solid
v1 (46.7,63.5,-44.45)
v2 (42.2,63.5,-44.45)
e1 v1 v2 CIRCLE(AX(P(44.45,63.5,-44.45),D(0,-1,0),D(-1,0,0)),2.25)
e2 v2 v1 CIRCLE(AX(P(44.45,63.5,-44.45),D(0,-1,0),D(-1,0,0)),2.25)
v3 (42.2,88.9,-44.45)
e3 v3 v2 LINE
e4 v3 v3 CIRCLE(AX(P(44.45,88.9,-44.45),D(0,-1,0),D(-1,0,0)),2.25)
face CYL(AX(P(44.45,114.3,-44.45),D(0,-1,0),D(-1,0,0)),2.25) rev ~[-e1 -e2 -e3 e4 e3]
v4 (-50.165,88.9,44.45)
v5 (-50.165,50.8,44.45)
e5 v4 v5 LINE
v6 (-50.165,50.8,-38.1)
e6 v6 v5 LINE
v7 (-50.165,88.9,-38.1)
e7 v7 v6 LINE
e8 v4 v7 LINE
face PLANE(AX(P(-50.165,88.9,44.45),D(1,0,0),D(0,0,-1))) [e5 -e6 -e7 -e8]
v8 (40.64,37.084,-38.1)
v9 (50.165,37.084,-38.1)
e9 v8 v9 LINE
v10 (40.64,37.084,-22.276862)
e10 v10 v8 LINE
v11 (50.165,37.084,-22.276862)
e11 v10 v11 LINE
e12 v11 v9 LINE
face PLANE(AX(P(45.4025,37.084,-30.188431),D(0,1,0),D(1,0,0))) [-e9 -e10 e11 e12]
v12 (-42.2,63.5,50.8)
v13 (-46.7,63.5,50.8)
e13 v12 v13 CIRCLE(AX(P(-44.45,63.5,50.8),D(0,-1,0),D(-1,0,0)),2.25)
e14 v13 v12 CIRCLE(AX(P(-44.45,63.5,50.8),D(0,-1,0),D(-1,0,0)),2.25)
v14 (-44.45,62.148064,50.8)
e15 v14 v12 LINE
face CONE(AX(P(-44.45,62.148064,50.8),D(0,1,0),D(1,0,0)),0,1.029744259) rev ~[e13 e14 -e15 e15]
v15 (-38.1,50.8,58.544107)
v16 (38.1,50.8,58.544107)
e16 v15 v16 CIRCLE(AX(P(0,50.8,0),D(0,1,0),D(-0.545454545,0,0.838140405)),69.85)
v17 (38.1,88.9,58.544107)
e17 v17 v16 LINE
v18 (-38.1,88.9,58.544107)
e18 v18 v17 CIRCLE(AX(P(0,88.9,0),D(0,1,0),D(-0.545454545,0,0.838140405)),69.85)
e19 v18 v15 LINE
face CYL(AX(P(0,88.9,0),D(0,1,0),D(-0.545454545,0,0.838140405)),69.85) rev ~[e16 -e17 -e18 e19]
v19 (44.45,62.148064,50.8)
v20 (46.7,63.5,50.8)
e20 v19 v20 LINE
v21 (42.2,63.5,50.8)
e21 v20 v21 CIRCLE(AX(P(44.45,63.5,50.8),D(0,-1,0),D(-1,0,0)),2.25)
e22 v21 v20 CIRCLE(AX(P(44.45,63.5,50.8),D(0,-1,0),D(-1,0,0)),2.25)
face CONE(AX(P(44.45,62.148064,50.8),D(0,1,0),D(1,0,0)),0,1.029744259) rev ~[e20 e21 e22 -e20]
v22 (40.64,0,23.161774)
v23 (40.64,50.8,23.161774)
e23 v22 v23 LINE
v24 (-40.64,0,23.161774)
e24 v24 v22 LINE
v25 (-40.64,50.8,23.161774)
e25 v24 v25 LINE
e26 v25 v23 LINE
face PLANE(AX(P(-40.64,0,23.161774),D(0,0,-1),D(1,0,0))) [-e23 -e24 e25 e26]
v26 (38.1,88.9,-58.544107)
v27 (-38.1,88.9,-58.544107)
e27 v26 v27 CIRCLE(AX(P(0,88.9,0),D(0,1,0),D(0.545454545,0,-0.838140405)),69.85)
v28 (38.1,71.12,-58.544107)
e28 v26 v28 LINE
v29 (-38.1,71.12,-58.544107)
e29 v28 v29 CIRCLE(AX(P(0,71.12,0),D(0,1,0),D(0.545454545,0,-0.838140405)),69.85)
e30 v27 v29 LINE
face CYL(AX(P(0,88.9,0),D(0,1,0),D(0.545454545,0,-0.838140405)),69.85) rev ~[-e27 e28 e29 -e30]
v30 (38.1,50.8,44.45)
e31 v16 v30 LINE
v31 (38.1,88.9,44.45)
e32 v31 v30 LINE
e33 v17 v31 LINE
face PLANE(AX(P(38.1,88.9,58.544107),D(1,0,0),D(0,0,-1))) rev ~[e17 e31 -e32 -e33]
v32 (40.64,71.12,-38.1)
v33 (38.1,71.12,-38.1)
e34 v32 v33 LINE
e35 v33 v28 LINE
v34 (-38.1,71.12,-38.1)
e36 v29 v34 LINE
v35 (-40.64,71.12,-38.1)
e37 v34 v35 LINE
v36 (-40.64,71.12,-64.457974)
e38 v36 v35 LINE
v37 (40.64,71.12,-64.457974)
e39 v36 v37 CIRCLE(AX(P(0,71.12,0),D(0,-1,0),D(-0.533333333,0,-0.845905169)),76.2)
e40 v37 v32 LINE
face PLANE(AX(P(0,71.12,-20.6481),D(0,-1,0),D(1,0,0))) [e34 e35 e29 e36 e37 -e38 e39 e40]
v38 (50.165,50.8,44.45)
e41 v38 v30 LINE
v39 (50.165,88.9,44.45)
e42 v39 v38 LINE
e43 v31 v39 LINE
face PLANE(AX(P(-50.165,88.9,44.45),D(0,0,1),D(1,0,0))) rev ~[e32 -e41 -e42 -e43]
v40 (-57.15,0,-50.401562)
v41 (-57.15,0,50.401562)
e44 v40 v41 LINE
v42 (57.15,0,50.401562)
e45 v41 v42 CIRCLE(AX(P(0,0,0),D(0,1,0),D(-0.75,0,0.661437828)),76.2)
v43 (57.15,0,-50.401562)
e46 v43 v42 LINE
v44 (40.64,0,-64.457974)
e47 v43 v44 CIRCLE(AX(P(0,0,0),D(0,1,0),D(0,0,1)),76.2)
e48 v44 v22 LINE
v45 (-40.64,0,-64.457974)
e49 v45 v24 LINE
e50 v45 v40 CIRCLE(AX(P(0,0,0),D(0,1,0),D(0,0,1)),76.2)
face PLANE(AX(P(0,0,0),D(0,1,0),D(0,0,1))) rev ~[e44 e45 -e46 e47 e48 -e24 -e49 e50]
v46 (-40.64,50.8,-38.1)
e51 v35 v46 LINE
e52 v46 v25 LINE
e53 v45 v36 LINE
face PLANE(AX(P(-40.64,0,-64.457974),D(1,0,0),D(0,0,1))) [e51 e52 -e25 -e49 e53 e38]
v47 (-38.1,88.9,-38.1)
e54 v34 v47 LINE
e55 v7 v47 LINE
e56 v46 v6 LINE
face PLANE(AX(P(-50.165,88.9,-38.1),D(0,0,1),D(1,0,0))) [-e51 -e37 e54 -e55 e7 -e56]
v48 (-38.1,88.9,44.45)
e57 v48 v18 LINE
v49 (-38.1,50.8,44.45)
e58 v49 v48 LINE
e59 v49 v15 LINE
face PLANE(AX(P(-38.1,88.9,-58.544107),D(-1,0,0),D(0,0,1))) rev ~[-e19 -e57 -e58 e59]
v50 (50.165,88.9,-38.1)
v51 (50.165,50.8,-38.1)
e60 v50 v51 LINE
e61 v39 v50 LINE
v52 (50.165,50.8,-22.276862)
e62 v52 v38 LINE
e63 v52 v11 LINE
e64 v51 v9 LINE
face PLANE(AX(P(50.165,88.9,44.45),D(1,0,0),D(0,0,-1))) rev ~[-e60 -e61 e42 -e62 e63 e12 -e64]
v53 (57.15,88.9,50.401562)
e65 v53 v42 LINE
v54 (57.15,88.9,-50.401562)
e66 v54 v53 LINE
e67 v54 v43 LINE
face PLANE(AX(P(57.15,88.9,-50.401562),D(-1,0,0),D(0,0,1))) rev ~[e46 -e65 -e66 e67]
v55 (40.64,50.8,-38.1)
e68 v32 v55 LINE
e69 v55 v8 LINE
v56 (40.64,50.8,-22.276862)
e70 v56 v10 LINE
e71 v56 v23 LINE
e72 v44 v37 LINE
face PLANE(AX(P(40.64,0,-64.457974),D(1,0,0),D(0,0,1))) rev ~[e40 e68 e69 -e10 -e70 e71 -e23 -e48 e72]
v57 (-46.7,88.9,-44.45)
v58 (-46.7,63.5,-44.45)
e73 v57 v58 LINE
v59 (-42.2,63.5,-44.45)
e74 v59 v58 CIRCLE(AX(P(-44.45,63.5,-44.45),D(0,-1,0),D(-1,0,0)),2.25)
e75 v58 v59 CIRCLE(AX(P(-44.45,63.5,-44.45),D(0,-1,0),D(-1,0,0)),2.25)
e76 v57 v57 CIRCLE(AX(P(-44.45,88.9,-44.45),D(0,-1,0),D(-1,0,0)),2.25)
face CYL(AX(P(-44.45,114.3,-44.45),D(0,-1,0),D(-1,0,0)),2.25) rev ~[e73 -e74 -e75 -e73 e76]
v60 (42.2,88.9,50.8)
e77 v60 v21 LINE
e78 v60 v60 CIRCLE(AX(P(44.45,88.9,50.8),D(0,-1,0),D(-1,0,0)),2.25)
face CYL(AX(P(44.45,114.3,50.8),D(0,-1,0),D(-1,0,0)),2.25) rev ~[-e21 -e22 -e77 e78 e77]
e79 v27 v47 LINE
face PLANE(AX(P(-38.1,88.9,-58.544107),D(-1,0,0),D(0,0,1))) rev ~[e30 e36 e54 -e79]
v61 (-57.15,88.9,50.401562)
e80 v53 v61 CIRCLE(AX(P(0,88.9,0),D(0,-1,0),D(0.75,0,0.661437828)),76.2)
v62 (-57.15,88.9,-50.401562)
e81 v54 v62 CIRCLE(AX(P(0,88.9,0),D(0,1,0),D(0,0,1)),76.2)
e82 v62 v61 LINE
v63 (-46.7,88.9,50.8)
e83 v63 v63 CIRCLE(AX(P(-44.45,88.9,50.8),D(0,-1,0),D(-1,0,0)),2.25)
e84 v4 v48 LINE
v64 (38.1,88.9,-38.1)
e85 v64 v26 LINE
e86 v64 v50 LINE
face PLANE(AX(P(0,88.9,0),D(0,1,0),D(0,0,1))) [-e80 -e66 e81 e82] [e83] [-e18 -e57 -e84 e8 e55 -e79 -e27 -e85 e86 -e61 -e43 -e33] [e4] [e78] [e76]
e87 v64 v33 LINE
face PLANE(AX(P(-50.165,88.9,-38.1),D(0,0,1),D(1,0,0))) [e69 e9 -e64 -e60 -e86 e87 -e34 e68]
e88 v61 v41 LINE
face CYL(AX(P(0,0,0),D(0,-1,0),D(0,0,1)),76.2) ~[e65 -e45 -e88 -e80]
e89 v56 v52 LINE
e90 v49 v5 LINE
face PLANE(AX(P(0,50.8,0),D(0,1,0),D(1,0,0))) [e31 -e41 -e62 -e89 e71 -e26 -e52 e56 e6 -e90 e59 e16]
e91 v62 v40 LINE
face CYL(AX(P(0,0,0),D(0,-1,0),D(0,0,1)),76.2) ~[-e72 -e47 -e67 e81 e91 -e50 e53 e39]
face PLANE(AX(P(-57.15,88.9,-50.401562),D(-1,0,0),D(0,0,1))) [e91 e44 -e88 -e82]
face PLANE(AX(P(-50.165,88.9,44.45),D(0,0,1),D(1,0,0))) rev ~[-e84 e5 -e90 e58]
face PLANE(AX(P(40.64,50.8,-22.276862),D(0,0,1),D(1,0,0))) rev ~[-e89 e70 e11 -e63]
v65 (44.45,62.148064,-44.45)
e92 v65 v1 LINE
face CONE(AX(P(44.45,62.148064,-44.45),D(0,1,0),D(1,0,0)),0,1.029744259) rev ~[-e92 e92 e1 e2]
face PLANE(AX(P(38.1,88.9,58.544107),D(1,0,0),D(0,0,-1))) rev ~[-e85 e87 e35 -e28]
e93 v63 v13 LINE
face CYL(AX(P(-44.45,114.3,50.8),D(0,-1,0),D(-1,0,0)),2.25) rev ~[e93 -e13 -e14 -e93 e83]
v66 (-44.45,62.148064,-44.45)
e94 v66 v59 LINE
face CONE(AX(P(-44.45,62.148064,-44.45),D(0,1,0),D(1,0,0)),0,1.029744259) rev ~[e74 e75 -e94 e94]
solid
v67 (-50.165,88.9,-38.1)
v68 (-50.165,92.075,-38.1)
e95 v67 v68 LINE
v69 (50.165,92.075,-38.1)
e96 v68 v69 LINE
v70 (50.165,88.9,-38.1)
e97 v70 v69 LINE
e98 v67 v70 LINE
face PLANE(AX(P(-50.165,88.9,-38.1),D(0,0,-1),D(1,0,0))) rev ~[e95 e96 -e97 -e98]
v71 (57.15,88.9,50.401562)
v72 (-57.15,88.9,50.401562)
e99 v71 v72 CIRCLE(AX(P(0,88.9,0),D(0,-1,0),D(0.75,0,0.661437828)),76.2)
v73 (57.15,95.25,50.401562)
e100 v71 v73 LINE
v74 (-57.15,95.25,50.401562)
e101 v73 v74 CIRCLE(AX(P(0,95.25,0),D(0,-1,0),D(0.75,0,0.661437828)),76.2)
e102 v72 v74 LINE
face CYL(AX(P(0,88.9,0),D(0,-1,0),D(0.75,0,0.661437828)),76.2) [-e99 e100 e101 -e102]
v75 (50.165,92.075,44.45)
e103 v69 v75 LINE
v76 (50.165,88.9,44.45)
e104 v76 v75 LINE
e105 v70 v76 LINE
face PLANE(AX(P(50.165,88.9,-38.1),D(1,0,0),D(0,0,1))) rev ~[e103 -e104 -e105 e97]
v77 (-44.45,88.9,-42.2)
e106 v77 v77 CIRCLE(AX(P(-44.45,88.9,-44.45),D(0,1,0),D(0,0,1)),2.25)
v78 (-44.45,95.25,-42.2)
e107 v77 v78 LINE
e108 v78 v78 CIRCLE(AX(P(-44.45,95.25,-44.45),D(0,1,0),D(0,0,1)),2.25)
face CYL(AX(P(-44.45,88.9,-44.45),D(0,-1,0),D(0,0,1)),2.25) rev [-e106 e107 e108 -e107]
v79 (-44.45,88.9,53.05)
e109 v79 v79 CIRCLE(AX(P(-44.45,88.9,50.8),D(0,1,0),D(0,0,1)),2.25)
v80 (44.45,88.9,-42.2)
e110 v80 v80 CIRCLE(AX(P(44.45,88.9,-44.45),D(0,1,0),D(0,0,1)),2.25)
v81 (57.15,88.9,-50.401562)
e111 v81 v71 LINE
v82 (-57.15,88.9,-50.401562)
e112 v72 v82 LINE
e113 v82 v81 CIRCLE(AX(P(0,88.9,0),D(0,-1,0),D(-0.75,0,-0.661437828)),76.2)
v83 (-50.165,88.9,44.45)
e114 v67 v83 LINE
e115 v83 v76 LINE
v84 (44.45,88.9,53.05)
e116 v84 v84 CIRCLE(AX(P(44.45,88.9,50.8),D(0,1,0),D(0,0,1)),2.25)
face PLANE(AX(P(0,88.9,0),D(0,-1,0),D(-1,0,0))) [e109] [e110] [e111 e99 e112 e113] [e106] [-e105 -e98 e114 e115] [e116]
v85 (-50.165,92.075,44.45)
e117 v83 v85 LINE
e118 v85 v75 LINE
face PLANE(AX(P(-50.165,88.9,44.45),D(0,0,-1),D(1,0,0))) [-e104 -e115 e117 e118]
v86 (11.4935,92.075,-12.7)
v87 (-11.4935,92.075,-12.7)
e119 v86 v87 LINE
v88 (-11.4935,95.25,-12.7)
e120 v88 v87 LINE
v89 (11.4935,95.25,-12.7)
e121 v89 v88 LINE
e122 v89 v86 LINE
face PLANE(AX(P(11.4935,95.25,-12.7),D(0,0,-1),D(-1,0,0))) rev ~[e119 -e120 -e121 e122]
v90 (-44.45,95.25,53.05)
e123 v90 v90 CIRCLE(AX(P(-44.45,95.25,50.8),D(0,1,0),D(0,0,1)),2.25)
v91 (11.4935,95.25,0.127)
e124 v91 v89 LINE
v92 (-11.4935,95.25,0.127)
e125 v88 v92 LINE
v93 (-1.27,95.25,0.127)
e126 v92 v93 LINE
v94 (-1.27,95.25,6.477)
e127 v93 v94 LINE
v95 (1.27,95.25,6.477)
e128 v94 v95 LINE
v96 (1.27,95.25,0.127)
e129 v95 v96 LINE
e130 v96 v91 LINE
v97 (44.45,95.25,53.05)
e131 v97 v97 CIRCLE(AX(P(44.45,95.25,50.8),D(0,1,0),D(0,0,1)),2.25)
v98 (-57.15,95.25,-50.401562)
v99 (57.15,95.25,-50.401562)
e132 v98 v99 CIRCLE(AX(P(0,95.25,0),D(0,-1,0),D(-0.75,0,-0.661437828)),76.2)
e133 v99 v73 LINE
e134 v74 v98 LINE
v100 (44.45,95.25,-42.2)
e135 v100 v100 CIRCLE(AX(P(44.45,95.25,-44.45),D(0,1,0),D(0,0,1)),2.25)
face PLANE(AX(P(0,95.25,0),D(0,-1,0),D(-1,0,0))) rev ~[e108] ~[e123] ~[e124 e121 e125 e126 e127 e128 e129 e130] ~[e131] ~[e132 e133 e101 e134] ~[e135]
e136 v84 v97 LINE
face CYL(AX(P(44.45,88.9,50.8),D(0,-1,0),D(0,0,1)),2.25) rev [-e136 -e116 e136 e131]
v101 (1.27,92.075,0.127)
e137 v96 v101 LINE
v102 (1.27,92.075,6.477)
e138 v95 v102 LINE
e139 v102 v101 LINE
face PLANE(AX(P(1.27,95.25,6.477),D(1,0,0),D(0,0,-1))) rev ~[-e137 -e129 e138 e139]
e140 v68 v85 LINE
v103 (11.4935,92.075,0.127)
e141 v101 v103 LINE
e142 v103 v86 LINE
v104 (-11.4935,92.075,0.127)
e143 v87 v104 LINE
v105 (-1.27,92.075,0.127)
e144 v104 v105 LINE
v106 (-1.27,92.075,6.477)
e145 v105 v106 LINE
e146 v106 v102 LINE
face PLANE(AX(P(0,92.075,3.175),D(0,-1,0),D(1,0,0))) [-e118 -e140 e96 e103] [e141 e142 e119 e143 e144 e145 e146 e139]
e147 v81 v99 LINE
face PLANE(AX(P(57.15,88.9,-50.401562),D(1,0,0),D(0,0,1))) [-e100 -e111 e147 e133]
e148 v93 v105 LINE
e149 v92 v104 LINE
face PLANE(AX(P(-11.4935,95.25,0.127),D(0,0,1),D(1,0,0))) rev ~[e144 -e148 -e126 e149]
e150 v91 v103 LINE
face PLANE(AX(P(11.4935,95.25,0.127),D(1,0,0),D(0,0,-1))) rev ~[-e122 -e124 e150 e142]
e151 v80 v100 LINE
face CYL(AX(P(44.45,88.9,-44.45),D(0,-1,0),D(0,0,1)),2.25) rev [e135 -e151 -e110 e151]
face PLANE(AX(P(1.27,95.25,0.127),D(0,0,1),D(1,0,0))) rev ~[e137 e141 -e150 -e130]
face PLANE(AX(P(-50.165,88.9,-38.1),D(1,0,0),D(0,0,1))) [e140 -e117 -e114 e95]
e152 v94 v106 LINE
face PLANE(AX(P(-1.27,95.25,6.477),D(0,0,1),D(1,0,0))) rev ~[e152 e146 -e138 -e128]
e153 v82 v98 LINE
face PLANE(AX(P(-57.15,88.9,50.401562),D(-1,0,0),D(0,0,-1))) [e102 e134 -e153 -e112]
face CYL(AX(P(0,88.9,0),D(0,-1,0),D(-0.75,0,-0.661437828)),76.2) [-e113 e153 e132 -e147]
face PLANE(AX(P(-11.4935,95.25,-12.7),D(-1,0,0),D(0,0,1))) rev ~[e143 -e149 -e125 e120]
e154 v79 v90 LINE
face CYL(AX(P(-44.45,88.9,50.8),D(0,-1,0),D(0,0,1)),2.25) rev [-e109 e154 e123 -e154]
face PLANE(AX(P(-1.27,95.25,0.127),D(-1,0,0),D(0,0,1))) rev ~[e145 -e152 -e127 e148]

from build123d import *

# Parameters (mm, degrees)
SKETCH1_R                = 76.2
BOSS_EXTRUDE1_DEPTH      = 88.9
CUT_EXTRUDE1_DEPTH       = 38.1
SKETCH3_W                = 81.28
SKETCH3_H                = 87.619747847
CUT_EXTRUDE2_DEPTH       = 71.12
CUT_EXTRUDE4_DEPTH       = 140.7
CUT_EXTRUDE6_REACH       = 132.291
SKETCH6_W                = 100.33
SKETCH6_H                = 82.55
SKETCH7_W                = 9.525
SKETCH7_H                = 15.823137595
CUT_EXTRUDE7_DEPTH       = 13.716
M4_CLEARANCE_HOLE1_D     = 4.5
M4_CLEARANCE_HOLE1_DEPTH = 25.4
M4_CLEARANCE_HOLE1_TIP   = 1.351936393
SKETCH11_R               = 2.25
BOSS_EXTRUDE2_DEPTH      = 6.35
CUT_EXTRUDE8_DEPTH       = 13.716
SKETCH13_W               = 100.33
SKETCH13_H               = 82.55
CUT_EXTRUDE9_DEPTH       = 3.175


with BuildPart() as part:
    # Sketch1 → Boss-Extrude1 (new body)
    with BuildSketch(Plane(origin=(0, 0, 0), x_dir=(1, 0, 0), z_dir=(0, 1, 0))):
        with Locations(Location((0, 0, 0), (0, 0, 270))):
            Circle(SKETCH1_R)
    extrude(amount=BOSS_EXTRUDE1_DEPTH)

    # Sketch2 → Cut-Extrude1 (cut)
    with BuildSketch(Plane(origin=(0, 88.9, 0), x_dir=(1, 0, 0), z_dir=(0, 1, 0))):
        with BuildLine():
            Line((38.1, -58.544107304), (38.1, 58.544107304))
            ThreePointArc((38.1, 58.544107304), (0, 69.85), (-38.1, 58.544107304))
            Line((-38.1, 58.544107304), (-38.1, -58.544107304))
            ThreePointArc((-38.1, -58.544107304), (0, -69.85), (38.1, -58.544107304))
        make_face()
    extrude(amount=-CUT_EXTRUDE1_DEPTH, mode=Mode.SUBTRACT)

    # Sketch3 → Cut-Extrude2 (cut)
    with BuildSketch(Plane.XZ):
        with Locations((0, -20.648099982)):
            Rectangle(SKETCH3_W, SKETCH3_H)
        with BuildLine():
            Line((40.64, -64.457973905), (-40.64, -64.457973905))
            ThreePointArc((-40.64, -64.457973905), (0, -76.2), (40.64, -64.457973905))
        make_face()
    extrude(amount=-CUT_EXTRUDE2_DEPTH, mode=Mode.SUBTRACT)

    # Sketch5 → Cut-Extrude4 (cut, through all)
    with BuildSketch(Plane(origin=(0, 88.9, 0), x_dir=(1, 0, 0), z_dir=(0, 1, 0))):
        with BuildLine():
            Line((-57.15, 50.401562476), (-57.15, -50.401562476))
            ThreePointArc((-57.15, -50.401562476), (-76.2, 0), (-57.15, 50.401562476))
        make_face()
        with BuildLine():
            Line((57.15, 50.401562476), (57.15, -50.401562476))
            ThreePointArc((57.15, -50.401562476), (76.2, 0), (57.15, 50.401562476))
        make_face()
    extrude(amount=-CUT_EXTRUDE4_DEPTH, mode=Mode.SUBTRACT)

    # Cut-Extrude6: up to this face of the body (flat: up to its plane)
    cut_extrude6_end = Plane(part.part.faces().sort_by_distance((0, 50.8, 44.815572864))[0])
    # Sketch6 → Cut-Extrude6 (cut, up to the picked face)
    with BuildSketch(Plane(origin=(0, 88.9, 0), x_dir=(1, 0, 0), z_dir=(0, 1, 0)), mode=Mode.PRIVATE) as cut_extrude6_sk1:
        with Locations((0, -3.175)):
            Rectangle(SKETCH6_W, SKETCH6_H)
    cut_extrude6_tool1 = split(extrude(cut_extrude6_sk1.sketch, amount=-CUT_EXTRUDE6_REACH, mode=Mode.PRIVATE), bisect_by=cut_extrude6_end, keep=Keep.BOTH, mode=Mode.PRIVATE)
    add(cut_extrude6_tool1.solids().sort_by(Axis((0, 88.9, 3.175), (0, -1, 0)))[0], mode=Mode.SUBTRACT)

    # Sketch7 → Cut-Extrude7 (cut)
    with BuildSketch(Plane(origin=(0, 50.8, 0), x_dir=(1, 0, 0), z_dir=(0, 1, 0))):
        with Locations((45.4025, 30.188431203)):
            Rectangle(SKETCH7_W, SKETCH7_H)
    extrude(amount=-CUT_EXTRUDE7_DEPTH, mode=Mode.SUBTRACT)

    # M4 Clearance Hole1
    with Locations(Plane(origin=(0, 88.9, 0), x_dir=(1, 0, 0), z_dir=(0, 1, 0))):
        with Locations((44.45, 44.45), (-44.45, 44.45), (-44.45, -50.8), (44.45, -50.8)):
            Hole(M4_CLEARANCE_HOLE1_D / 2, depth=M4_CLEARANCE_HOLE1_DEPTH)
            with Locations((0, 0, -(M4_CLEARANCE_HOLE1_DEPTH + M4_CLEARANCE_HOLE1_TIP / 2))):  # 118° drill point
                Cone(0, M4_CLEARANCE_HOLE1_D / 2, M4_CLEARANCE_HOLE1_TIP, mode=Mode.SUBTRACT)


with BuildPart() as body_2:
    # Sketch11 → Boss-Extrude2 (new body)
    with BuildSketch(Plane(origin=(0, 88.9, 0), x_dir=(1, 0, 0), z_dir=(0, 1, 0))):
        with BuildLine():
            Line((-57.15, -50.401562476), (-57.15, 50.401562476))
            ThreePointArc((-57.15, 50.401562476), (0, 76.2), (57.15, 50.401562476))
            Line((57.15, 50.401562476), (57.15, -50.401562476))
            ThreePointArc((57.15, -50.401562476), (0, -76.2), (-57.15, -50.401562476))
        make_face()
        with Locations(Location((-44.45, -50.8, 0), (0, 0, 270))):
            Circle(SKETCH11_R, mode=Mode.SUBTRACT)
        with Locations(Location((-44.45, 44.45, 0), (0, 0, 270))):
            Circle(SKETCH11_R, mode=Mode.SUBTRACT)
        with Locations(Location((44.45, 44.45, 0), (0, 0, 270))):
            Circle(SKETCH11_R, mode=Mode.SUBTRACT)
        with Locations(Location((44.45, -50.8, 0), (0, 0, 270))):
            Circle(SKETCH11_R, mode=Mode.SUBTRACT)
    extrude(amount=BOSS_EXTRUDE2_DEPTH)

    # Sketch12 → Cut-Extrude8 (cut)
    with BuildSketch(Plane(origin=(0, 95.25, 0), x_dir=(1, 0, 0), z_dir=(0, 1, 0))):
        Polygon((-11.4935, 12.7), (-11.4935, -0.127), (-1.27, -0.127), (-1.27, -6.477), (1.27, -6.477), (1.27, -0.127), (11.4935, -0.127), (11.4935, 12.7), align=None)
    extrude(amount=-CUT_EXTRUDE8_DEPTH, mode=Mode.SUBTRACT)

    # Sketch13 → Cut-Extrude9 (cut)
    with BuildSketch(Plane.XZ.offset(-88.9)):
        with Locations((0, 3.175)):
            Rectangle(SKETCH13_W, SKETCH13_H)
    extrude(amount=-CUT_EXTRUDE9_DEPTH, mode=Mode.SUBTRACT)


solid = Compound([part.part, body_2.part])
